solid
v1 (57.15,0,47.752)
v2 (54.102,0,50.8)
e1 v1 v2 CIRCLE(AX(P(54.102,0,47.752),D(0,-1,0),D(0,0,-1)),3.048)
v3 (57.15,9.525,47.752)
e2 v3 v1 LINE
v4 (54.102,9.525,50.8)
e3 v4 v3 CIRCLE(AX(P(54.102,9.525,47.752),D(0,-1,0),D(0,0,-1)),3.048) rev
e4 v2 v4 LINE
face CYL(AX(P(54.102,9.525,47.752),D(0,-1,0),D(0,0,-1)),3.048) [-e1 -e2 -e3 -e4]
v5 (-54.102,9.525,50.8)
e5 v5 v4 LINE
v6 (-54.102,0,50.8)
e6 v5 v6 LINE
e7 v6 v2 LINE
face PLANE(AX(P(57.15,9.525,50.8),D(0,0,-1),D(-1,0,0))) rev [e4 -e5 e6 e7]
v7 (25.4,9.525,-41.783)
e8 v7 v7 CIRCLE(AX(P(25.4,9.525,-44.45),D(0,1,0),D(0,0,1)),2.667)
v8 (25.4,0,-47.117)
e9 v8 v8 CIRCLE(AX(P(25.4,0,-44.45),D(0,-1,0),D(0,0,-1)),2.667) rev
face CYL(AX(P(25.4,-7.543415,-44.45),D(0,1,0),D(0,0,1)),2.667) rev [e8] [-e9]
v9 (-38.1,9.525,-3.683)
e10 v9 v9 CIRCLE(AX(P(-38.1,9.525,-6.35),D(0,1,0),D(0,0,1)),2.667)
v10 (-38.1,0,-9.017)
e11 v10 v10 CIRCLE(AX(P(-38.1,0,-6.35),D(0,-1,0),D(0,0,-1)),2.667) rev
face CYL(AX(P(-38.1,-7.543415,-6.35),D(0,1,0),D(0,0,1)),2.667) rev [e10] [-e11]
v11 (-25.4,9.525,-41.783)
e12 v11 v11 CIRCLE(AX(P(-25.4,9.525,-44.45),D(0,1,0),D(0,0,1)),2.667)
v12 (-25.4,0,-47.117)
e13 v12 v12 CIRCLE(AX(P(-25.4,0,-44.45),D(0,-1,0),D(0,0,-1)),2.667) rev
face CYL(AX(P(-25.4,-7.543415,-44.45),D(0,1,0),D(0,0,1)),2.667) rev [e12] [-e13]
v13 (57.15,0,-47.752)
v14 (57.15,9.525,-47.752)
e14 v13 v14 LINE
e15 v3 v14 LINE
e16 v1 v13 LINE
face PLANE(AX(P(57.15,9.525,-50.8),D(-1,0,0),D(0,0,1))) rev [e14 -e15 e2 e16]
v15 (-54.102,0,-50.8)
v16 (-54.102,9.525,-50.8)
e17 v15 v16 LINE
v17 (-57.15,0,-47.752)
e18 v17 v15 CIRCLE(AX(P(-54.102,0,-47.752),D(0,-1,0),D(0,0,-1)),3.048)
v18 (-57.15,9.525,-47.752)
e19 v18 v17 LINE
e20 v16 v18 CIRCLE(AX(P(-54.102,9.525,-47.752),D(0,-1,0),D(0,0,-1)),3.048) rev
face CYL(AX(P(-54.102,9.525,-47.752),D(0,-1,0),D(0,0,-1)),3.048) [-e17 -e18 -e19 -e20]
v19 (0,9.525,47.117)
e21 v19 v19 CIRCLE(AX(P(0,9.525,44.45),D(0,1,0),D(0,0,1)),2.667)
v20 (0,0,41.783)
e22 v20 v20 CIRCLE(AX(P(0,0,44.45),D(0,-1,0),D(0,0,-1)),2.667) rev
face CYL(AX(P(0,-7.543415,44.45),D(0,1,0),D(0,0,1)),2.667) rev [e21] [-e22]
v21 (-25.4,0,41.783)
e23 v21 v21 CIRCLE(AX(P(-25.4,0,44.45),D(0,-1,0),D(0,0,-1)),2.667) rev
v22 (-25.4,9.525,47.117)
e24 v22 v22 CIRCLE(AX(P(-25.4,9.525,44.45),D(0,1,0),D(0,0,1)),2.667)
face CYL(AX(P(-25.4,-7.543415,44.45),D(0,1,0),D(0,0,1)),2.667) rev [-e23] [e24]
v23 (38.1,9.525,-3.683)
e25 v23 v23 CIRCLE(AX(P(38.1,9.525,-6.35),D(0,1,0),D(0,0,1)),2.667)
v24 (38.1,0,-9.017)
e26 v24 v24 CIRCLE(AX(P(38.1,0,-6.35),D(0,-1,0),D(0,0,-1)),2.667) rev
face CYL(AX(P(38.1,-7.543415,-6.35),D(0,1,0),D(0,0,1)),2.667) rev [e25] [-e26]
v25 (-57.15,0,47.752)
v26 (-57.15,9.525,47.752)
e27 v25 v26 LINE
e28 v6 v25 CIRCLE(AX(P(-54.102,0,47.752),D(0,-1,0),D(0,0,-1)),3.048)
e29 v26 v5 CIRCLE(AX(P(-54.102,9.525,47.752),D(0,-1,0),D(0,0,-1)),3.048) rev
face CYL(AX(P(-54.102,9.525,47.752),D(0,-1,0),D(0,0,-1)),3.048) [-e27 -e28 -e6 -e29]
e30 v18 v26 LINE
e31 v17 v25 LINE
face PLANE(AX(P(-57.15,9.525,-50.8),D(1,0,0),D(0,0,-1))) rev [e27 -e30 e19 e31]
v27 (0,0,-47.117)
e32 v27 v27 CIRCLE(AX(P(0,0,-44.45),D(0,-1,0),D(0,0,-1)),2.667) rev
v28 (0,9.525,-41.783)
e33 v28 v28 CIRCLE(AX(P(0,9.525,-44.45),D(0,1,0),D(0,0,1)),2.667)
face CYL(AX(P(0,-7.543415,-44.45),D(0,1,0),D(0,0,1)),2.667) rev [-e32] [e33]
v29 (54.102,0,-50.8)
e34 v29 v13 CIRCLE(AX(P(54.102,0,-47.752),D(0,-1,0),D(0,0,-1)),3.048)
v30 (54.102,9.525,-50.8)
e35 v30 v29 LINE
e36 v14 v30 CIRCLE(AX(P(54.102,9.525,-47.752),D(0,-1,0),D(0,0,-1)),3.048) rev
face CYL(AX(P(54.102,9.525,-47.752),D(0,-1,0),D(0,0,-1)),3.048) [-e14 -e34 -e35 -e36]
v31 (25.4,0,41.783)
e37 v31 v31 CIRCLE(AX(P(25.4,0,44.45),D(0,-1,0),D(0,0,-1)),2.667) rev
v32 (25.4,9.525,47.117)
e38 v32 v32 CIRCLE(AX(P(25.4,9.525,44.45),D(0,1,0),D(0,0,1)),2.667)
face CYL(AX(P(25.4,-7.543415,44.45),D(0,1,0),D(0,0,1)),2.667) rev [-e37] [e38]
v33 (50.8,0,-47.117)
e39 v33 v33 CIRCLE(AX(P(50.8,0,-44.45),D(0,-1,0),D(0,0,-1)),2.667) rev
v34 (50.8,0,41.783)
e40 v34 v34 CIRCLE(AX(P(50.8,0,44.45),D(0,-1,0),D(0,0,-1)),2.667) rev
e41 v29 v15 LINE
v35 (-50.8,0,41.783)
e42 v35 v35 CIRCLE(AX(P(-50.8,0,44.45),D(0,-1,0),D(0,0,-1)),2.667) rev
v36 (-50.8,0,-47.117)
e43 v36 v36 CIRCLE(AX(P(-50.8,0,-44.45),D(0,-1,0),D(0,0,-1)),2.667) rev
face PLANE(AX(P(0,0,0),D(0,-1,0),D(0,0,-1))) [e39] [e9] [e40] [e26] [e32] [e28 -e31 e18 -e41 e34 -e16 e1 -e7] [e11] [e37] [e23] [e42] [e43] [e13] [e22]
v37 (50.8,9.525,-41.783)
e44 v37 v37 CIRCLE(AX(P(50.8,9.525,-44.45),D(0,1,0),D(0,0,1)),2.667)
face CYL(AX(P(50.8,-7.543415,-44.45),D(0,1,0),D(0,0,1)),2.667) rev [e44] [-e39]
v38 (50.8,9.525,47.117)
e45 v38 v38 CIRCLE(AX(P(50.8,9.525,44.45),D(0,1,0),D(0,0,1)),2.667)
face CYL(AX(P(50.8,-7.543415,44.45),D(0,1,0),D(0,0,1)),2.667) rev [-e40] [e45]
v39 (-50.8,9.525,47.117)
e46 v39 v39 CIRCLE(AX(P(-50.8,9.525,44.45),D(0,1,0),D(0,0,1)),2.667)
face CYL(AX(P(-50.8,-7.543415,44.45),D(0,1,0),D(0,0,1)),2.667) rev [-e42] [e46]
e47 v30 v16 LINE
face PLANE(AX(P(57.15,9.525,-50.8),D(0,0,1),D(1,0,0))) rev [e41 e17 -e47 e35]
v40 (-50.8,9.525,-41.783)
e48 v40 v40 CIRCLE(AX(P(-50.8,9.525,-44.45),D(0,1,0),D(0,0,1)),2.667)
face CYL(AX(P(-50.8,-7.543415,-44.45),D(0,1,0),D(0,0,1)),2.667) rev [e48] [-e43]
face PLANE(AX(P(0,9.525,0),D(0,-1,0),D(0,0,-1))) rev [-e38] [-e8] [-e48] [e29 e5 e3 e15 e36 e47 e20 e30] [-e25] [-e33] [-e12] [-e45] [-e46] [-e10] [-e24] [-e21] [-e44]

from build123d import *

# Parameters (mm, degrees)
SKETCH1_W           = 114.3
SKETCH1_H           = 101.6
BOSS_EXTRUDE1_DEPTH = 9.525
FILLET1_R           = 3.048
SKETCH3_R           = 2.667
CUT_EXTRUDE1_DEPTH  = 9.525


with BuildPart() as part:
    # Sketch1 → Boss-Extrude1 (new body)
    with BuildSketch(Plane(origin=(0, 0, 0), x_dir=(1, 0, 0), z_dir=(0, 1, 0))):
        Rectangle(SKETCH1_W, SKETCH1_H)
    extrude(amount=BOSS_EXTRUDE1_DEPTH)

    # Fillet1
    fillet1_edges = [part.edges().sort_by_distance(p)[0] for p in [
        (-57.15, 4.7625, -50.8),
        (57.15, 4.7625, -50.8),
        (57.15, 4.7625, 50.8),
        (-57.15, 4.7625, 50.8),
    ]]
    fillet(fillet1_edges, radius=FILLET1_R)

    # Sketch3 → Cut-Extrude1 (cut)
    with BuildSketch(Plane(origin=(0, 9.525, 0), x_dir=(1, 0, 0), z_dir=(0, 1, 0))):
        with Locations((50.8, 44.45)):
            Circle(SKETCH3_R)
        with Locations((25.4, 44.45)):
            Circle(SKETCH3_R)
        with Locations((0, 44.45)):
            Circle(SKETCH3_R)
        with Locations((-25.4, 44.45)):
            Circle(SKETCH3_R)
        with Locations((-50.8, 44.45)):
            Circle(SKETCH3_R)
        with Locations((25.4, -44.45)):
            Circle(SKETCH3_R)
        with Locations((0, -44.45)):
            Circle(SKETCH3_R)
        with Locations((-25.4, -44.45)):
            Circle(SKETCH3_R)
        with Locations((-50.8, -44.45)):
            Circle(SKETCH3_R)
        with Locations((50.8, -44.45)):
            Circle(SKETCH3_R)
        with Locations((38.1, 6.35)):
            Circle(SKETCH3_R)
        with Locations((-38.1, 6.35)):
            Circle(SKETCH3_R)
    extrude(amount=-CUT_EXTRUDE1_DEPTH, mode=Mode.SUBTRACT)


solid = part.part
